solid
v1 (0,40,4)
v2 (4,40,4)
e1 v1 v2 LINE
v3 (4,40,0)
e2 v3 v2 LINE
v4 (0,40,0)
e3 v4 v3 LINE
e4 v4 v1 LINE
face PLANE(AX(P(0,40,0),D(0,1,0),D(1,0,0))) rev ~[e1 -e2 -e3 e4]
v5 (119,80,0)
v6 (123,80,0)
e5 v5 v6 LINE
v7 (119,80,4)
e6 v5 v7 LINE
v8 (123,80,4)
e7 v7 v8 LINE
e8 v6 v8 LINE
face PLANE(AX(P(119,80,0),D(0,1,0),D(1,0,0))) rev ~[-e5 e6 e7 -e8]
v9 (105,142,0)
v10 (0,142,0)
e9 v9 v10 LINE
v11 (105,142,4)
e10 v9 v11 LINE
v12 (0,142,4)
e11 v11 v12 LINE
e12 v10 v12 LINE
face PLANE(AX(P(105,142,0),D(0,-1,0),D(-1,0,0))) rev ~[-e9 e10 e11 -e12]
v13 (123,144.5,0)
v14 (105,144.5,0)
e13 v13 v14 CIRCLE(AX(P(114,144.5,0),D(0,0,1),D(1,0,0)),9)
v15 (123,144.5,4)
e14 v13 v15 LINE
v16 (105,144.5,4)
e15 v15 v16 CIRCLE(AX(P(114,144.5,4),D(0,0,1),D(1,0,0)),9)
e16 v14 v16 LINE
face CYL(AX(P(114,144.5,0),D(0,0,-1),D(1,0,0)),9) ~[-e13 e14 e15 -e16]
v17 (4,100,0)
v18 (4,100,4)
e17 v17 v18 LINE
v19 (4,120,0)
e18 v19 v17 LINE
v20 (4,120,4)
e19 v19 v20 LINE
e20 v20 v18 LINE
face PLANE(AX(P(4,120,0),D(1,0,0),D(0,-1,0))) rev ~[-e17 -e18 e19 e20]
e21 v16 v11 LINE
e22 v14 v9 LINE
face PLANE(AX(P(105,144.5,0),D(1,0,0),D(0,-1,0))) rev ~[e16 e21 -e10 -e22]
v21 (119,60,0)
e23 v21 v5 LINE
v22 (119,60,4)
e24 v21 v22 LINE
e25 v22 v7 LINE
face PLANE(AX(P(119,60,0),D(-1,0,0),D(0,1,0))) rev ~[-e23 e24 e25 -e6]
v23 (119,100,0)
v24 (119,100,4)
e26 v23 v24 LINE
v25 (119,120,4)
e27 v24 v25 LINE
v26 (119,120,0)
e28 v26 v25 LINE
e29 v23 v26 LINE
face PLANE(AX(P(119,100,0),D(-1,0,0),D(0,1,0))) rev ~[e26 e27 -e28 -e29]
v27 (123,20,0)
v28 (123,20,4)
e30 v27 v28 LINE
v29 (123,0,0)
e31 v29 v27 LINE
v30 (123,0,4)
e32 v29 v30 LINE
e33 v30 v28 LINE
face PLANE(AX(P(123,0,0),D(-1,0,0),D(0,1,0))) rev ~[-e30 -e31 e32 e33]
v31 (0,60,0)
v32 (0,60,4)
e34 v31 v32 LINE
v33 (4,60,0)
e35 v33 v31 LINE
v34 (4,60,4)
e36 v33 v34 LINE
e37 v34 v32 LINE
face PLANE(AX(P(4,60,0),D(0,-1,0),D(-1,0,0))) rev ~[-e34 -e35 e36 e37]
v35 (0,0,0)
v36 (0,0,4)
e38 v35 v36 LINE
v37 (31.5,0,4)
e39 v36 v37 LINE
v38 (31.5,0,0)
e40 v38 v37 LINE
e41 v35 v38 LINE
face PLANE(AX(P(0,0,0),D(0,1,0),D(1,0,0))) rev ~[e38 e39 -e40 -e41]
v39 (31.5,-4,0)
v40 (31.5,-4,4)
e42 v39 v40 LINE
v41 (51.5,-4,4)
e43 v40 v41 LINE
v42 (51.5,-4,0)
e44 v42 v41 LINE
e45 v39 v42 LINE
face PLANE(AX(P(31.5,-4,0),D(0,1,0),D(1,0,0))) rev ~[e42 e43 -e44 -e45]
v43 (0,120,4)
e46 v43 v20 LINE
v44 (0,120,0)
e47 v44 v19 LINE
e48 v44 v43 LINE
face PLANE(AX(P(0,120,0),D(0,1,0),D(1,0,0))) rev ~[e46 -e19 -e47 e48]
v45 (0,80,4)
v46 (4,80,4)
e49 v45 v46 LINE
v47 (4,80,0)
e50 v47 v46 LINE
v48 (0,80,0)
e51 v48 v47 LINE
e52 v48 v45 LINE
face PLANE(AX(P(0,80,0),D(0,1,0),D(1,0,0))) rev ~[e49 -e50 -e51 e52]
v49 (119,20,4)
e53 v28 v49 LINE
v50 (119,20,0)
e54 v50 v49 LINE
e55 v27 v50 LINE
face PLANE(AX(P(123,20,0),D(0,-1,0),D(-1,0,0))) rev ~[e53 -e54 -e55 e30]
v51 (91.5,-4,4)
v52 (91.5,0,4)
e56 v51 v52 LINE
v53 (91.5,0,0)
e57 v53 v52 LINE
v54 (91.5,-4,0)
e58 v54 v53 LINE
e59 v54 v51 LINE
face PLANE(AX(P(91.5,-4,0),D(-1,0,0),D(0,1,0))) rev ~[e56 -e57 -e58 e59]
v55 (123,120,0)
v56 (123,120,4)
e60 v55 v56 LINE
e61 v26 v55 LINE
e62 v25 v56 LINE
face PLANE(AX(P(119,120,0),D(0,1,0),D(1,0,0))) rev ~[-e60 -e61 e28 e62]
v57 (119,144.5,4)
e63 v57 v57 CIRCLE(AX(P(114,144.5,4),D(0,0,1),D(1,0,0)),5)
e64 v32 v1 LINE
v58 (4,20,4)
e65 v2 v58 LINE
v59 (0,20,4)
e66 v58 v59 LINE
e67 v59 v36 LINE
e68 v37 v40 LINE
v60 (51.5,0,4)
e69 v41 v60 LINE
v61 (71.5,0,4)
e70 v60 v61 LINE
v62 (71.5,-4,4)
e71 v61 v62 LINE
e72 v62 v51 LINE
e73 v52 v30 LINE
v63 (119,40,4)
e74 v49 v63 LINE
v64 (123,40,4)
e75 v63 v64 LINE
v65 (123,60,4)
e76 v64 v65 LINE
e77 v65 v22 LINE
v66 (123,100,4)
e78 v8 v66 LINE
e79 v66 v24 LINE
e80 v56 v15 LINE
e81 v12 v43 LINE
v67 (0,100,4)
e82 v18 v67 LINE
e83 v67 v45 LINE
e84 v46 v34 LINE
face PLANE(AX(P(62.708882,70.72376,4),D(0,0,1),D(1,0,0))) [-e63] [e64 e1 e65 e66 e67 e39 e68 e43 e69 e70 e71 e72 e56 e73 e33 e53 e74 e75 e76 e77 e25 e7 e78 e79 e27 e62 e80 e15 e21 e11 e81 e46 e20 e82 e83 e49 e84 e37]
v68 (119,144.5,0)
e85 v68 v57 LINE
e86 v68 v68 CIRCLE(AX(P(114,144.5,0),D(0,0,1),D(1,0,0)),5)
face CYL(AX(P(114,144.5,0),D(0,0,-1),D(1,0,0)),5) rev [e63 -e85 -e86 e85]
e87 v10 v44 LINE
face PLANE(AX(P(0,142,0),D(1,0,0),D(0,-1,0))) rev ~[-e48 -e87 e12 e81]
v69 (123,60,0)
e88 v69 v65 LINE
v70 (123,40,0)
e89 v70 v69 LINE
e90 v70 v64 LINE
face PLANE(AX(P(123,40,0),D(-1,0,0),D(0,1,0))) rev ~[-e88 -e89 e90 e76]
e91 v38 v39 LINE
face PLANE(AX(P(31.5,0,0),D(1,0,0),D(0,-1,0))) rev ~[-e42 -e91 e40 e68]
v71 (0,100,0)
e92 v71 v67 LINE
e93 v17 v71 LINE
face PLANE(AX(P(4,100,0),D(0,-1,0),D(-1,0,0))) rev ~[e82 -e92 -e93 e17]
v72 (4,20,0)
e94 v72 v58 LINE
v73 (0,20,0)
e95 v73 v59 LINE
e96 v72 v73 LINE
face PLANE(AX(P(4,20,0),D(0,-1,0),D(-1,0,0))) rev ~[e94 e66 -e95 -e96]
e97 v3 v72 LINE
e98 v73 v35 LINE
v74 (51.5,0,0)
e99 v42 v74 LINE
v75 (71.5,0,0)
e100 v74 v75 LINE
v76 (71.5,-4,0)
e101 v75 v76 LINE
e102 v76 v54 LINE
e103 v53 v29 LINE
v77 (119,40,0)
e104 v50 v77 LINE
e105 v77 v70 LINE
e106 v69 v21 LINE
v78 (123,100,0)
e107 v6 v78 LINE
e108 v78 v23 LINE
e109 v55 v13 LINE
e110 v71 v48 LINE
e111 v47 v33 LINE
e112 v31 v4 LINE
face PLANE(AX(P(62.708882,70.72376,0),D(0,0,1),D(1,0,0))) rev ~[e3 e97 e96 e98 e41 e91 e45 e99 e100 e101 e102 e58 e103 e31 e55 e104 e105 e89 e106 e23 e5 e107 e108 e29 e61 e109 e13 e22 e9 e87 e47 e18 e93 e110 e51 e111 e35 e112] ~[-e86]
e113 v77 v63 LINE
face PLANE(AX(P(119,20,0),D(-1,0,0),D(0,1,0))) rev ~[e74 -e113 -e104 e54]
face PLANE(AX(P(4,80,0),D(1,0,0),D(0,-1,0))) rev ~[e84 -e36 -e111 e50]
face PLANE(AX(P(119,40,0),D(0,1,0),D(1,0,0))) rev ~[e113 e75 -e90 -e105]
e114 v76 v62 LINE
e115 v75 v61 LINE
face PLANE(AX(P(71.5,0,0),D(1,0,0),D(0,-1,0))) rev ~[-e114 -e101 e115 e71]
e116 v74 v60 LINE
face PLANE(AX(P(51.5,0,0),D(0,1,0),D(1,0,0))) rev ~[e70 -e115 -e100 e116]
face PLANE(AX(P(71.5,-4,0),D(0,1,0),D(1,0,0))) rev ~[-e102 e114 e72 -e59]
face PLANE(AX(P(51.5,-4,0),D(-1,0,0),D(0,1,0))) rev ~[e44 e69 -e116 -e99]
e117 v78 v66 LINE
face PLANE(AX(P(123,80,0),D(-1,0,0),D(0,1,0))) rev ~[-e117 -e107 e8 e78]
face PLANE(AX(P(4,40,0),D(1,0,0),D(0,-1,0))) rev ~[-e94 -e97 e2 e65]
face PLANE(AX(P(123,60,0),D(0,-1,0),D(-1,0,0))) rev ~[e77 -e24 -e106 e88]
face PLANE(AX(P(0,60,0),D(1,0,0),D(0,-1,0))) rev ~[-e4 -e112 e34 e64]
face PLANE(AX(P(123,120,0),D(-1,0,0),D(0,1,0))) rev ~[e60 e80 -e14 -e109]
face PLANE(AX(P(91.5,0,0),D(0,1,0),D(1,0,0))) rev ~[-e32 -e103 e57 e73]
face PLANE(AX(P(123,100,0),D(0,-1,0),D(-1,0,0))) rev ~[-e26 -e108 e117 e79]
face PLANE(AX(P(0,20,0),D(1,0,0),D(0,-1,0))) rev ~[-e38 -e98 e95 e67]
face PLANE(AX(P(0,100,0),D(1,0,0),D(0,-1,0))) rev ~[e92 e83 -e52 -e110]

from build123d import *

# Parameters (mm, degrees)
SKETCH_1_R      = 5
EXTRUDE_1_DEPTH = 4


with BuildPart() as part:
    # Эскиз1 → Бобышка-Вытянуть1 (new body)
    with BuildSketch(Plane.XY):
        with BuildLine():
            Line((31.5, 0), (31.5, -4))
            Line((31.5, -4), (51.5, -4))
            Line((51.5, -4), (51.5, 0))
            Line((51.5, 0), (71.5, 0))
            Line((71.5, 0), (71.5, -4))
            Line((71.5, -4), (91.5, -4))
            Line((91.5, -4), (91.5, 0))
            Line((91.5, 0), (123, 0))
            Line((123, 0), (123, 20))
            Line((123, 20), (119, 20))
            Line((119, 20), (119, 40))
            Line((119, 40), (123, 40))
            Line((123, 40), (123, 60))
            Line((123, 60), (119, 60))
            Line((119, 60), (119, 80))
            Line((119, 80), (123, 80))
            Line((123, 80), (123, 100))
            Line((123, 100), (119, 100))
            Line((119, 100), (119, 120))
            Line((119, 120), (123, 120))
            Line((123, 120), (123, 144.5))
            ThreePointArc((123, 144.5), (114, 153.5), (105, 144.5))
            Line((105, 144.5), (105, 142))
            Line((105, 142), (0, 142))
            Line((0, 142), (0, 120))
            Line((0, 120), (4, 120))
            Line((4, 120), (4, 100))
            Line((4, 100), (0, 100))
            Line((0, 100), (0, 80))
            Line((0, 80), (4, 80))
            Line((4, 80), (4, 60))
            Line((4, 60), (0, 60))
            Line((0, 60), (0, 40))
            Line((0, 40), (4, 40))
            Line((4, 40), (4, 20))
            Line((4, 20), (0, 20))
            Line((0, 20), (0, 0))
            Line((0, 0), (31.5, 0))
        make_face()
        with Locations((114, 144.5)):
            Circle(SKETCH_1_R, mode=Mode.SUBTRACT)
    extrude(amount=EXTRUDE_1_DEPTH)


solid = part.part
